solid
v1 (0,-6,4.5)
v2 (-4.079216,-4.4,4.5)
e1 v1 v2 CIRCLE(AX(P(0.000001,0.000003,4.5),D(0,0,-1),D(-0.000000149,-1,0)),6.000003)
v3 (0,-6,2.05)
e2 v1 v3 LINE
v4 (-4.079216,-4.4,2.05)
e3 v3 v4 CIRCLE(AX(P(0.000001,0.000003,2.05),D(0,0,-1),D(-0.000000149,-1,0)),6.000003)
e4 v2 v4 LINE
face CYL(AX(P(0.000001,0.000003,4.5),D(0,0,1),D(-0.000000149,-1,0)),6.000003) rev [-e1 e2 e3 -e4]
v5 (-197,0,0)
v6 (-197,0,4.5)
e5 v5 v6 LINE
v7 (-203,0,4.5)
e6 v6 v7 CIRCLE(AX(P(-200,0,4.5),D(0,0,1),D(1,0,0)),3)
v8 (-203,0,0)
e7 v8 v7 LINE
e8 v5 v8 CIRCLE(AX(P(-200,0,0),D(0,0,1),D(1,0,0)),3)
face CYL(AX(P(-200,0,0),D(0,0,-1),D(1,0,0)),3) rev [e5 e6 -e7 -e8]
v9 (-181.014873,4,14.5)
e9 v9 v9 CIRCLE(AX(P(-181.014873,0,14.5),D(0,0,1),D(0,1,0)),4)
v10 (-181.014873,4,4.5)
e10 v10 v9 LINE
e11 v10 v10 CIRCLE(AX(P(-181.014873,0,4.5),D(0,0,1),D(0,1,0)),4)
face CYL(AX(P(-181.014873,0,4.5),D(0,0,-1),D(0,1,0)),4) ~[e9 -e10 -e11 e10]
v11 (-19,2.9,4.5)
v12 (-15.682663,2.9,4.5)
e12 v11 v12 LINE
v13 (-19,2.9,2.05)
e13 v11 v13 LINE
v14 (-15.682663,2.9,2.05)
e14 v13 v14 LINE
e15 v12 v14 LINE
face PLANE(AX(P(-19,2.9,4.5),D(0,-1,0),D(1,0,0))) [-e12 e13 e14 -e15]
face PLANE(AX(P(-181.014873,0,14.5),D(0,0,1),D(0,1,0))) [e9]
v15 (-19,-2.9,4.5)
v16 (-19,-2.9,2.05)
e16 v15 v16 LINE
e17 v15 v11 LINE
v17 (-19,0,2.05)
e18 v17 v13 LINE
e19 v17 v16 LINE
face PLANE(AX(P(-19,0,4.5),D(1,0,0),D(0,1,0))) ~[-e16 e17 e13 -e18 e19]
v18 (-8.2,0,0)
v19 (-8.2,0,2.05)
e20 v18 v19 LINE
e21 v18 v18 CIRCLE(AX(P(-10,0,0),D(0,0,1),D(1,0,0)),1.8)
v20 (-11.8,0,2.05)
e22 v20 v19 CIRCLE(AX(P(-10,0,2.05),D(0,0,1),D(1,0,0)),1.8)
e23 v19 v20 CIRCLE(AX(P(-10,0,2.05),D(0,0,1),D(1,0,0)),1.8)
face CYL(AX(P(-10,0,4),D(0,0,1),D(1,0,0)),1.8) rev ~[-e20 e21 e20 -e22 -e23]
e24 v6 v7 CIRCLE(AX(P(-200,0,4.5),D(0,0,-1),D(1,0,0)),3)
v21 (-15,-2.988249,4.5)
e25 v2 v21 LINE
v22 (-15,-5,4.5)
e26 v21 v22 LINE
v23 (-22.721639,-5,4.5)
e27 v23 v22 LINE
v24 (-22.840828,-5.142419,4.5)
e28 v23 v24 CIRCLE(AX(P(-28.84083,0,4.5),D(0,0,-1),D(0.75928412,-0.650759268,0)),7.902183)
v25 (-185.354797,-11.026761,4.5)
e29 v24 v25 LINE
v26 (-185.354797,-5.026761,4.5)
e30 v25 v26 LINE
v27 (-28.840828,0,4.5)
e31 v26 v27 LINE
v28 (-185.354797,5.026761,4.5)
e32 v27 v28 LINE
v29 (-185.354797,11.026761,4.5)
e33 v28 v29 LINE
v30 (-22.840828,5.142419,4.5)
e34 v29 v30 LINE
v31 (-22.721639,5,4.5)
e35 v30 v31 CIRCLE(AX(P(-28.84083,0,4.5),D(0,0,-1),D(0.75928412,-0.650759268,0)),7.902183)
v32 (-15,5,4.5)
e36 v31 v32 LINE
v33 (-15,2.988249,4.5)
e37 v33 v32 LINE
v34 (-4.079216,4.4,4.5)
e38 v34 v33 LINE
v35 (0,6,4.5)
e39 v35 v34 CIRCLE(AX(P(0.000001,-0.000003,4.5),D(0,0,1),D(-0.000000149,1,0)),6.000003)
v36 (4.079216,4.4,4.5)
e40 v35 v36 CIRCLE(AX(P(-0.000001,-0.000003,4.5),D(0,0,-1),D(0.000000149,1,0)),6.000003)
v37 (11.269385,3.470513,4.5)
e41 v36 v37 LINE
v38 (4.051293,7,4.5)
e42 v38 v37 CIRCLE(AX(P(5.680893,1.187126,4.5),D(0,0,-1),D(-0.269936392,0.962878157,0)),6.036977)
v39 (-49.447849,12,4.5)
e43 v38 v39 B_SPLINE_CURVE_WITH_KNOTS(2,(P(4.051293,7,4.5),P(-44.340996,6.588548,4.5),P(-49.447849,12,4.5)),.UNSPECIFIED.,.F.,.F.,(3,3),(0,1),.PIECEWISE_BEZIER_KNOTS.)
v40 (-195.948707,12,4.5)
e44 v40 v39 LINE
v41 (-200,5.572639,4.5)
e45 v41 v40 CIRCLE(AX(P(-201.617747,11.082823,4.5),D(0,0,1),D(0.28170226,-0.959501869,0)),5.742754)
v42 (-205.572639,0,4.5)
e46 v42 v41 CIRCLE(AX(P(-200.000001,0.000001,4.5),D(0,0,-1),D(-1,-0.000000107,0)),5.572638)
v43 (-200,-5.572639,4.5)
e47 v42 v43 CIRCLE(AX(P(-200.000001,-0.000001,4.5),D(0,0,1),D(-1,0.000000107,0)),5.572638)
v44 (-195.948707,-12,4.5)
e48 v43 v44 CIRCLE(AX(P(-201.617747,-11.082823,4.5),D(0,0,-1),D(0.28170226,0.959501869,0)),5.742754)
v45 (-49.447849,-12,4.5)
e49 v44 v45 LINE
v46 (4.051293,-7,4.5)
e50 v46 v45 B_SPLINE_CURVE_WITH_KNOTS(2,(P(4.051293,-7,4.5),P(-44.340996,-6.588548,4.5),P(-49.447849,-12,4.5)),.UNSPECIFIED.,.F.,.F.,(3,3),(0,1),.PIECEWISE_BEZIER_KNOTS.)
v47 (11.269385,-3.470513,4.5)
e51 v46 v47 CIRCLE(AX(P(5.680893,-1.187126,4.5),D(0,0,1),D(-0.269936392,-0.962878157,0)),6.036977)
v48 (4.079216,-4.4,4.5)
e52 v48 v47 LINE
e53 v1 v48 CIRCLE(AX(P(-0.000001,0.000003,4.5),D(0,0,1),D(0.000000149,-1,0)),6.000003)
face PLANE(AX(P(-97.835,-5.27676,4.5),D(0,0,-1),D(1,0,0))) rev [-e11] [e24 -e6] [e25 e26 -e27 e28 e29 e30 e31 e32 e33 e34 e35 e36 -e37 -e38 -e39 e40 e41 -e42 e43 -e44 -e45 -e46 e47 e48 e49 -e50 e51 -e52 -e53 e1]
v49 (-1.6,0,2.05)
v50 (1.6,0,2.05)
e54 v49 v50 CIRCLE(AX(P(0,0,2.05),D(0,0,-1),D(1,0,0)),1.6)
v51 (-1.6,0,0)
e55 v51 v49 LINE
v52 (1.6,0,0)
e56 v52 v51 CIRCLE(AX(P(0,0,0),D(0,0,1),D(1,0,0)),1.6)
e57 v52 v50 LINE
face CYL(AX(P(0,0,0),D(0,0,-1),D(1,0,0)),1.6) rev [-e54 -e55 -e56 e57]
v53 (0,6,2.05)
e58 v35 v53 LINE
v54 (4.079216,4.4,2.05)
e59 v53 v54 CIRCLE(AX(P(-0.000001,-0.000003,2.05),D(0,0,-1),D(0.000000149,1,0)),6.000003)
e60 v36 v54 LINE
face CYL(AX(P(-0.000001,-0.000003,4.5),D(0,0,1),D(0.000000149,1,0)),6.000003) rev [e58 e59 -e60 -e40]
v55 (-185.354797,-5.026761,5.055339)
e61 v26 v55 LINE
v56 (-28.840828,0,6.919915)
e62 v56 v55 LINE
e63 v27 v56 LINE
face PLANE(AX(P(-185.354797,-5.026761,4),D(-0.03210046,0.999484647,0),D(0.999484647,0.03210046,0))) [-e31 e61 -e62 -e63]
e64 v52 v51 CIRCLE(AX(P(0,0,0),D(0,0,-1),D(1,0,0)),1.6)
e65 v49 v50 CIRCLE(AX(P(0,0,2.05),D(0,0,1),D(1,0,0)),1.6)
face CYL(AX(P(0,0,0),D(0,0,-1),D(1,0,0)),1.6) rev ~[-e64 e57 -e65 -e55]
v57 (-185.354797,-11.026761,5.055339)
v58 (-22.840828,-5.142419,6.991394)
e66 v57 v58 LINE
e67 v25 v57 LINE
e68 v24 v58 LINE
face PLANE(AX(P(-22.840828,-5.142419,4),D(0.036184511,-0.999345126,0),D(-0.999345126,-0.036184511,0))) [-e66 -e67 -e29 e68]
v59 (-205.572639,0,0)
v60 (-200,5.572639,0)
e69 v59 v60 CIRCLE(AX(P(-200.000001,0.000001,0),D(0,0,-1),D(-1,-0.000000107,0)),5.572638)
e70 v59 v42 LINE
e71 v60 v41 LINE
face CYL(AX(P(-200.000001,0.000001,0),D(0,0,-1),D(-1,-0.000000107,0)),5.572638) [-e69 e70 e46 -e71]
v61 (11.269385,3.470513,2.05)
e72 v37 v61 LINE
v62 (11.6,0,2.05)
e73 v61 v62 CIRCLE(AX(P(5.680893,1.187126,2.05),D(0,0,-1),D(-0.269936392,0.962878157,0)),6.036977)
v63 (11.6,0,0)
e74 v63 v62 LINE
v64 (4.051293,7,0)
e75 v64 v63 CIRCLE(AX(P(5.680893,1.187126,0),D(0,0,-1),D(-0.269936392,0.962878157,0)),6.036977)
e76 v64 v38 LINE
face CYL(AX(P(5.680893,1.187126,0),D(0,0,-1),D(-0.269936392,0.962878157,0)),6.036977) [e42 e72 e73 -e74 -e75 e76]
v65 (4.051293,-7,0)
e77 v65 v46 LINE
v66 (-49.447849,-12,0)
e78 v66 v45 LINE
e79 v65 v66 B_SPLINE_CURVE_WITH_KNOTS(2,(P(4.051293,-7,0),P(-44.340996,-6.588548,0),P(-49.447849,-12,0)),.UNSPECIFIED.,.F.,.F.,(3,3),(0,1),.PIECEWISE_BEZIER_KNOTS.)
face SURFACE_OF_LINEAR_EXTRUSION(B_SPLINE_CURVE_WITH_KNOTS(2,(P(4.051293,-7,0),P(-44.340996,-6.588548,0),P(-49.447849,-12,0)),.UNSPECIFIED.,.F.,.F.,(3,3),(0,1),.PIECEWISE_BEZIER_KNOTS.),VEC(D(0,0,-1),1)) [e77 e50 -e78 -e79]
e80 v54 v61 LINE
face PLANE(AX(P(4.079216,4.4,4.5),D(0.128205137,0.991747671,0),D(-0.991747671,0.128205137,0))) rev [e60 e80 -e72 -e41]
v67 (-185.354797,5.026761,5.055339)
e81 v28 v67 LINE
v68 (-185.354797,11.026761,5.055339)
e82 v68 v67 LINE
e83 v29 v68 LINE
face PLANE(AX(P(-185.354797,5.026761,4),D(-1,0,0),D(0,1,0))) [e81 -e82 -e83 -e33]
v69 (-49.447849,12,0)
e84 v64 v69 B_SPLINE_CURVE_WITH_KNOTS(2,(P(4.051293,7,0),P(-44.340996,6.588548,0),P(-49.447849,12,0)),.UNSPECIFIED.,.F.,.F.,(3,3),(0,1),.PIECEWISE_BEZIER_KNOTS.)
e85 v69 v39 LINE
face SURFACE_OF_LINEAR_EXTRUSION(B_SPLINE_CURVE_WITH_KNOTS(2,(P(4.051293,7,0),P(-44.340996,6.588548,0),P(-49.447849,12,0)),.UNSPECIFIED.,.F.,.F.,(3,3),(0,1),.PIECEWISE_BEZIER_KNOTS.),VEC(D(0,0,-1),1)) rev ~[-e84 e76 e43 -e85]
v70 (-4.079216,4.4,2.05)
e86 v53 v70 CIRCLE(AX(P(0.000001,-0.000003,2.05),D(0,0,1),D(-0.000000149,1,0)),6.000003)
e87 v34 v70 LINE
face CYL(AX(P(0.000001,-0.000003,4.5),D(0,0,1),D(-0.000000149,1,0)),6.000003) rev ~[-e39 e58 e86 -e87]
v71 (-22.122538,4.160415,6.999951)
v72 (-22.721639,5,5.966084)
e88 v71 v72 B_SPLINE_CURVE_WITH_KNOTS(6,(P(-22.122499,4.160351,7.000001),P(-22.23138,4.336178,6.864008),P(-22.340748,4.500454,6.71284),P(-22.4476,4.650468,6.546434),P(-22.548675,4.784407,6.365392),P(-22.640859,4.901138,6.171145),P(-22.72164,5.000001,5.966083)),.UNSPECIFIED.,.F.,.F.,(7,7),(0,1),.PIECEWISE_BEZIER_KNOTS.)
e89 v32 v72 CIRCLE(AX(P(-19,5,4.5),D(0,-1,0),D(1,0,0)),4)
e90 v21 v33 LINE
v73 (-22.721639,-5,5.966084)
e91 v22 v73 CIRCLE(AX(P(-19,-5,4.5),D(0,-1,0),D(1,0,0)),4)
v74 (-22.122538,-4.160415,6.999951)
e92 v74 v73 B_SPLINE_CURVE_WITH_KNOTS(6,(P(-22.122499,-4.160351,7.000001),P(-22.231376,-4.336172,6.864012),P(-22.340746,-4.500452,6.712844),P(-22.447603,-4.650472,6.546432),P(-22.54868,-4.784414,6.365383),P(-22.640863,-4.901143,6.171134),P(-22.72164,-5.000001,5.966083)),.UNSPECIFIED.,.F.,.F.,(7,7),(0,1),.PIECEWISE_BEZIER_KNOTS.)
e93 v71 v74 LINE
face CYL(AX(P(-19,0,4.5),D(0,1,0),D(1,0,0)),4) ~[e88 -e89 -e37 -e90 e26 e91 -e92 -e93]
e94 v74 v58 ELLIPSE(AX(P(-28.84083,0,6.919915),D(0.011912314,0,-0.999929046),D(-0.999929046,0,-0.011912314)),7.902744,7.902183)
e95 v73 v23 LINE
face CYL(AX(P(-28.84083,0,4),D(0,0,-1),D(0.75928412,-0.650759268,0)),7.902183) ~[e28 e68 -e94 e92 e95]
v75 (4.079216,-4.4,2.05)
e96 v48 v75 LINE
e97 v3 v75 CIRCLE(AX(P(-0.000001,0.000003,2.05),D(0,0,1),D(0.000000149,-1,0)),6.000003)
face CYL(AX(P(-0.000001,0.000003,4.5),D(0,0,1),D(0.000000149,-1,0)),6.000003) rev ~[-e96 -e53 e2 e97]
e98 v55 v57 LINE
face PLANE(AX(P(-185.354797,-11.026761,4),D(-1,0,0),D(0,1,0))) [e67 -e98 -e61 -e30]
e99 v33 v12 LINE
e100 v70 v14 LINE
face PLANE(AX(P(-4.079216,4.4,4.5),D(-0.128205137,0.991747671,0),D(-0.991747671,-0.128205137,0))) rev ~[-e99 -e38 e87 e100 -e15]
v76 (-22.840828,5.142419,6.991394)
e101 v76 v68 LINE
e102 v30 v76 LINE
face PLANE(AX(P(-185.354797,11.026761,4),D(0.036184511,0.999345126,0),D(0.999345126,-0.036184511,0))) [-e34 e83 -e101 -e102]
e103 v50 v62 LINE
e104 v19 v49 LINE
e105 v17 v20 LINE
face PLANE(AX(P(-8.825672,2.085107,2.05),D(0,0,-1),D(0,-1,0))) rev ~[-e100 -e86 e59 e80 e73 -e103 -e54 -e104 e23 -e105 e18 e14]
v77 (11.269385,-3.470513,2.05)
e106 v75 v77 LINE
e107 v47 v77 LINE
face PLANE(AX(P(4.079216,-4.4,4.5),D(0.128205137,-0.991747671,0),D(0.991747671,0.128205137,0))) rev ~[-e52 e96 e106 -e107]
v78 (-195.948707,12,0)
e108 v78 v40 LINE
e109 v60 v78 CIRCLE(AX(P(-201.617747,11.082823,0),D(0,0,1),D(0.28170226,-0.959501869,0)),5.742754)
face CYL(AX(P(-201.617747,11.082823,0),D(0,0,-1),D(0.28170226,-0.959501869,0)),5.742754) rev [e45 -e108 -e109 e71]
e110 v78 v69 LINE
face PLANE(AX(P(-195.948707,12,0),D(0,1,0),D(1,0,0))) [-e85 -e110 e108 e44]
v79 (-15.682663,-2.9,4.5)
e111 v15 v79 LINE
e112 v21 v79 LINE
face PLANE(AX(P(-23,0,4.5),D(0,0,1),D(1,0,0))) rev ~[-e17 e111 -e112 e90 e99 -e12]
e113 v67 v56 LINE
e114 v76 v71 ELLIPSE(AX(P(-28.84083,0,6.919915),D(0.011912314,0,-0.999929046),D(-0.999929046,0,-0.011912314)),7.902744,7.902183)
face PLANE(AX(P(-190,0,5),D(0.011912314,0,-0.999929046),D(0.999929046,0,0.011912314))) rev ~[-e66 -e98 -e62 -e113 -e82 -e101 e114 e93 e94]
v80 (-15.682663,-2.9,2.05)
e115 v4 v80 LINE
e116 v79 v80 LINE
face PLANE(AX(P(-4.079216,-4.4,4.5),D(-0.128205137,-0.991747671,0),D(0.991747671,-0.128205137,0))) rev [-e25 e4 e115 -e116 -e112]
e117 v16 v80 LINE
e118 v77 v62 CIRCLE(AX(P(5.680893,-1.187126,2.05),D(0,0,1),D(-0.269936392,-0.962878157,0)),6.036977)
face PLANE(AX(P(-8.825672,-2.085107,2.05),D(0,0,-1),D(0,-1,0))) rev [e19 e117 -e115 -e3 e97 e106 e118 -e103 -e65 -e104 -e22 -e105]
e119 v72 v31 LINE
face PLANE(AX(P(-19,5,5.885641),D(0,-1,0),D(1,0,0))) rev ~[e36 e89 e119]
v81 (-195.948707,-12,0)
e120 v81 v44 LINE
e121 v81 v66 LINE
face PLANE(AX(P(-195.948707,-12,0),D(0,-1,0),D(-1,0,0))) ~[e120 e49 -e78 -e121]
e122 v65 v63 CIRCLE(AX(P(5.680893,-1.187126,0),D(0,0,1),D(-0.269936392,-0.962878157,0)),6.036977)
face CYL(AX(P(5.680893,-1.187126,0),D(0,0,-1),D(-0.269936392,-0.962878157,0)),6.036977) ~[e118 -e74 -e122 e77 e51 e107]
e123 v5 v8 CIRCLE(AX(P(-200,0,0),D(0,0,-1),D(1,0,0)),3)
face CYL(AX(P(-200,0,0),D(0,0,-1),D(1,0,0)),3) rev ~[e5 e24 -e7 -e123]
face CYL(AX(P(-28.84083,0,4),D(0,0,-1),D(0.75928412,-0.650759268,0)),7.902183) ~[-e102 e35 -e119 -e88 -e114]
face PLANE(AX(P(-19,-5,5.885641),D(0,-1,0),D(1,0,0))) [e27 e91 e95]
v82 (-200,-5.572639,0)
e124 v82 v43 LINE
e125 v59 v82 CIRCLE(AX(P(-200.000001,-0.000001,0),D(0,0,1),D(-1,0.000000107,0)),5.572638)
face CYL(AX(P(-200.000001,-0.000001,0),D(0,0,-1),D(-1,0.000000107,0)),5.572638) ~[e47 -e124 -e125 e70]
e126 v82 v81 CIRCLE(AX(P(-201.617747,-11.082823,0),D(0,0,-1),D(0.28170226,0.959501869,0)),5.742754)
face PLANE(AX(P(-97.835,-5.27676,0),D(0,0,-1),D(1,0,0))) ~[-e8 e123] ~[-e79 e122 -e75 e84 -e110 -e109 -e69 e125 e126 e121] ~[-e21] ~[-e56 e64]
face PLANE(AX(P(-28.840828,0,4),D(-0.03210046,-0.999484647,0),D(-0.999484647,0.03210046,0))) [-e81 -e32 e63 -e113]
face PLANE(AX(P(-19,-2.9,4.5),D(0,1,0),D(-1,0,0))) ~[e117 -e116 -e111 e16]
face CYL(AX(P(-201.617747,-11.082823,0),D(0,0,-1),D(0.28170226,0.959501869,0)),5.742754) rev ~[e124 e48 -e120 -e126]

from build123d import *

# Parameters (mm, degrees)
EXTRUDE004_DEPTH = 2.45
EXTRUDE_DEPTH    = 4.5
EXTRUDE006_DEPTH = 30
EXTRUDE005_DEPTH = 3
PAD_DEPTH        = 5
PAD_DEPTH_BACK   = -5
SKETCH015_R      = 1.8
POCKET_DEPTH     = 14
SKETCH017_R      = 4
PAD001_DEPTH     = 10


with BuildPart() as extrude004:
    # Sketch008 (on Face9 of Extrude) → Extrude004 (new body)
    with BuildSketch(Plane(origin=(0, 0, 4.5), x_dir=(0, 1, 0), z_dir=(0, 0, 1))):
        with BuildLine():
            Line((0, 19), (2.9, 19))
            Line((2.9, 19), (2.9, 15.682663))
            Line((4.4, 4.079216), (2.9, 15.682663))
            ThreePointArc((6, 0), (5.585696, 2.19089), (4.4, 4.079216))
            Line((0, 0), (6, 0))
            Line((0, 0), (0, 19))
        make_face()
    extrude(amount=-EXTRUDE004_DEPTH)


with BuildPart() as fusion003:
    # Part__Mirroring002: instance of Extrude004
    add(extrude004.part.mirror(Plane(origin=(0, 0, 0), x_dir=(0, -1, 0), z_dir=(1, 0, 0))))

    # Fusion003: union Extrude004
    add(extrude004.part)


with BuildPart() as cut:
    # Sketch001 → Extrude (new body)
    with BuildSketch(Plane.XY):
        with BuildLine():
            ThreePointArc((-200, 5.572639), (-196.759552, 8.020606), (-195.948707, 12))
            Line((-195.948707, 12), (-49.447849, 12))
            add(Edge.make_bspline(
                [(4.051293, 7), (-44.340996, 6.588548), (-49.447849, 12)],
                knots=[0, 0, 0, 1, 1, 1], degree=2))
            ThreePointArc((4.051293, 7), (9.785764, 5.613765), (11.6, 0))
            Line((11.6, 0), (1.6, 0))
            ThreePointArc((1.6, 0), (0, 1.6), (-1.6, 0))
            Line((-1.6, 0), (-90.499023, 0))
            Line((-90.499023, 0), (-197, 0))
            ThreePointArc((-197, 0), (-200, 3), (-203, 0))
            Line((-203, 0), (-205.572639, 0))
            ThreePointArc((-205.572639, 0), (-203.940451, 3.940451), (-200, 5.572639))
        make_face()
    extrude(amount=EXTRUDE_DEPTH)

    # Cut: cut Fusion003
    add(fusion003.part, mode=Mode.SUBTRACT)


with BuildPart() as part_mirroring:
    # Part__Mirroring: instance of Cut
    add(cut.part.mirror(Plane(origin=(0, 0, 0), x_dir=(1, 0, 0), z_dir=(0, 1, 0))))


with BuildPart() as fusion:
    # Fusion base: copy of Cut
    add(cut.part)

    # Fusion: union Part__Mirroring
    add(part_mirroring.part)


with BuildPart() as extrude006:
    # Sketch013 → Extrude006 (new body, symmetric)
    with BuildSketch(Plane.XZ):
        Polygon((-190, 5), (-22.11842, 7), (-190, 7), align=None)
    extrude(amount=EXTRUDE006_DEPTH, both=True)


with BuildPart() as body:
    # Sketch012 → Extrude005 (new body)
    with BuildSketch(Plane.XY.offset(4)):
        with BuildLine():
            Line((-185.354797, 11.026761), (-22.840828, 5.142419))
            ThreePointArc((-22.840828, -5.142419), (-20.938647, 0), (-22.840828, 5.142419))
            Line((-22.840828, -5.142419), (-185.354797, -11.026761))
            Line((-185.354797, -11.026761), (-185.354797, -5.026761))
            Line((-185.354797, -5.026761), (-28.840828, 0))
            Line((-28.840828, 0), (-185.354797, 5.026761))
            Line((-185.354797, 5.026761), (-185.354797, 11.026761))
        make_face()
    extrude(amount=EXTRUDE005_DEPTH)

    # Cut001: cut Extrude006
    add(extrude006.part, mode=Mode.SUBTRACT)

    # Fusion004: union Fusion
    add(fusion.part)

    # Sketch → Pad (new body, two sides)
    with BuildSketch(Plane.XZ) as pad_sk:
        with BuildLine():
            ThreePointArc((-15, 4.5), (-19, 8.5), (-23, 4.5))
            Line((-23, 4.5), (-15, 4.5))
        make_face()
    extrude(amount=-PAD_DEPTH)
    extrude(pad_sk.sketch, amount=-PAD_DEPTH_BACK)

    # Sketch015 → Pocket (cut, symmetric)
    with BuildSketch(Plane.XY.offset(4)):
        with Locations((-10, 0)):
            Circle(SKETCH015_R)
    extrude(amount=POCKET_DEPTH, both=True, mode=Mode.SUBTRACT)

    # Sketch017 (on Face7 of Pocket) → Pad001 (join)
    with BuildSketch(Plane(origin=(-113.60842, 0, 4.5), x_dir=(0, 1, 0), z_dir=(0, 0, 1))):
        with Locations((0, 67.406453)):
            Circle(SKETCH017_R)
    extrude(amount=PAD001_DEPTH)


solid = body.part
